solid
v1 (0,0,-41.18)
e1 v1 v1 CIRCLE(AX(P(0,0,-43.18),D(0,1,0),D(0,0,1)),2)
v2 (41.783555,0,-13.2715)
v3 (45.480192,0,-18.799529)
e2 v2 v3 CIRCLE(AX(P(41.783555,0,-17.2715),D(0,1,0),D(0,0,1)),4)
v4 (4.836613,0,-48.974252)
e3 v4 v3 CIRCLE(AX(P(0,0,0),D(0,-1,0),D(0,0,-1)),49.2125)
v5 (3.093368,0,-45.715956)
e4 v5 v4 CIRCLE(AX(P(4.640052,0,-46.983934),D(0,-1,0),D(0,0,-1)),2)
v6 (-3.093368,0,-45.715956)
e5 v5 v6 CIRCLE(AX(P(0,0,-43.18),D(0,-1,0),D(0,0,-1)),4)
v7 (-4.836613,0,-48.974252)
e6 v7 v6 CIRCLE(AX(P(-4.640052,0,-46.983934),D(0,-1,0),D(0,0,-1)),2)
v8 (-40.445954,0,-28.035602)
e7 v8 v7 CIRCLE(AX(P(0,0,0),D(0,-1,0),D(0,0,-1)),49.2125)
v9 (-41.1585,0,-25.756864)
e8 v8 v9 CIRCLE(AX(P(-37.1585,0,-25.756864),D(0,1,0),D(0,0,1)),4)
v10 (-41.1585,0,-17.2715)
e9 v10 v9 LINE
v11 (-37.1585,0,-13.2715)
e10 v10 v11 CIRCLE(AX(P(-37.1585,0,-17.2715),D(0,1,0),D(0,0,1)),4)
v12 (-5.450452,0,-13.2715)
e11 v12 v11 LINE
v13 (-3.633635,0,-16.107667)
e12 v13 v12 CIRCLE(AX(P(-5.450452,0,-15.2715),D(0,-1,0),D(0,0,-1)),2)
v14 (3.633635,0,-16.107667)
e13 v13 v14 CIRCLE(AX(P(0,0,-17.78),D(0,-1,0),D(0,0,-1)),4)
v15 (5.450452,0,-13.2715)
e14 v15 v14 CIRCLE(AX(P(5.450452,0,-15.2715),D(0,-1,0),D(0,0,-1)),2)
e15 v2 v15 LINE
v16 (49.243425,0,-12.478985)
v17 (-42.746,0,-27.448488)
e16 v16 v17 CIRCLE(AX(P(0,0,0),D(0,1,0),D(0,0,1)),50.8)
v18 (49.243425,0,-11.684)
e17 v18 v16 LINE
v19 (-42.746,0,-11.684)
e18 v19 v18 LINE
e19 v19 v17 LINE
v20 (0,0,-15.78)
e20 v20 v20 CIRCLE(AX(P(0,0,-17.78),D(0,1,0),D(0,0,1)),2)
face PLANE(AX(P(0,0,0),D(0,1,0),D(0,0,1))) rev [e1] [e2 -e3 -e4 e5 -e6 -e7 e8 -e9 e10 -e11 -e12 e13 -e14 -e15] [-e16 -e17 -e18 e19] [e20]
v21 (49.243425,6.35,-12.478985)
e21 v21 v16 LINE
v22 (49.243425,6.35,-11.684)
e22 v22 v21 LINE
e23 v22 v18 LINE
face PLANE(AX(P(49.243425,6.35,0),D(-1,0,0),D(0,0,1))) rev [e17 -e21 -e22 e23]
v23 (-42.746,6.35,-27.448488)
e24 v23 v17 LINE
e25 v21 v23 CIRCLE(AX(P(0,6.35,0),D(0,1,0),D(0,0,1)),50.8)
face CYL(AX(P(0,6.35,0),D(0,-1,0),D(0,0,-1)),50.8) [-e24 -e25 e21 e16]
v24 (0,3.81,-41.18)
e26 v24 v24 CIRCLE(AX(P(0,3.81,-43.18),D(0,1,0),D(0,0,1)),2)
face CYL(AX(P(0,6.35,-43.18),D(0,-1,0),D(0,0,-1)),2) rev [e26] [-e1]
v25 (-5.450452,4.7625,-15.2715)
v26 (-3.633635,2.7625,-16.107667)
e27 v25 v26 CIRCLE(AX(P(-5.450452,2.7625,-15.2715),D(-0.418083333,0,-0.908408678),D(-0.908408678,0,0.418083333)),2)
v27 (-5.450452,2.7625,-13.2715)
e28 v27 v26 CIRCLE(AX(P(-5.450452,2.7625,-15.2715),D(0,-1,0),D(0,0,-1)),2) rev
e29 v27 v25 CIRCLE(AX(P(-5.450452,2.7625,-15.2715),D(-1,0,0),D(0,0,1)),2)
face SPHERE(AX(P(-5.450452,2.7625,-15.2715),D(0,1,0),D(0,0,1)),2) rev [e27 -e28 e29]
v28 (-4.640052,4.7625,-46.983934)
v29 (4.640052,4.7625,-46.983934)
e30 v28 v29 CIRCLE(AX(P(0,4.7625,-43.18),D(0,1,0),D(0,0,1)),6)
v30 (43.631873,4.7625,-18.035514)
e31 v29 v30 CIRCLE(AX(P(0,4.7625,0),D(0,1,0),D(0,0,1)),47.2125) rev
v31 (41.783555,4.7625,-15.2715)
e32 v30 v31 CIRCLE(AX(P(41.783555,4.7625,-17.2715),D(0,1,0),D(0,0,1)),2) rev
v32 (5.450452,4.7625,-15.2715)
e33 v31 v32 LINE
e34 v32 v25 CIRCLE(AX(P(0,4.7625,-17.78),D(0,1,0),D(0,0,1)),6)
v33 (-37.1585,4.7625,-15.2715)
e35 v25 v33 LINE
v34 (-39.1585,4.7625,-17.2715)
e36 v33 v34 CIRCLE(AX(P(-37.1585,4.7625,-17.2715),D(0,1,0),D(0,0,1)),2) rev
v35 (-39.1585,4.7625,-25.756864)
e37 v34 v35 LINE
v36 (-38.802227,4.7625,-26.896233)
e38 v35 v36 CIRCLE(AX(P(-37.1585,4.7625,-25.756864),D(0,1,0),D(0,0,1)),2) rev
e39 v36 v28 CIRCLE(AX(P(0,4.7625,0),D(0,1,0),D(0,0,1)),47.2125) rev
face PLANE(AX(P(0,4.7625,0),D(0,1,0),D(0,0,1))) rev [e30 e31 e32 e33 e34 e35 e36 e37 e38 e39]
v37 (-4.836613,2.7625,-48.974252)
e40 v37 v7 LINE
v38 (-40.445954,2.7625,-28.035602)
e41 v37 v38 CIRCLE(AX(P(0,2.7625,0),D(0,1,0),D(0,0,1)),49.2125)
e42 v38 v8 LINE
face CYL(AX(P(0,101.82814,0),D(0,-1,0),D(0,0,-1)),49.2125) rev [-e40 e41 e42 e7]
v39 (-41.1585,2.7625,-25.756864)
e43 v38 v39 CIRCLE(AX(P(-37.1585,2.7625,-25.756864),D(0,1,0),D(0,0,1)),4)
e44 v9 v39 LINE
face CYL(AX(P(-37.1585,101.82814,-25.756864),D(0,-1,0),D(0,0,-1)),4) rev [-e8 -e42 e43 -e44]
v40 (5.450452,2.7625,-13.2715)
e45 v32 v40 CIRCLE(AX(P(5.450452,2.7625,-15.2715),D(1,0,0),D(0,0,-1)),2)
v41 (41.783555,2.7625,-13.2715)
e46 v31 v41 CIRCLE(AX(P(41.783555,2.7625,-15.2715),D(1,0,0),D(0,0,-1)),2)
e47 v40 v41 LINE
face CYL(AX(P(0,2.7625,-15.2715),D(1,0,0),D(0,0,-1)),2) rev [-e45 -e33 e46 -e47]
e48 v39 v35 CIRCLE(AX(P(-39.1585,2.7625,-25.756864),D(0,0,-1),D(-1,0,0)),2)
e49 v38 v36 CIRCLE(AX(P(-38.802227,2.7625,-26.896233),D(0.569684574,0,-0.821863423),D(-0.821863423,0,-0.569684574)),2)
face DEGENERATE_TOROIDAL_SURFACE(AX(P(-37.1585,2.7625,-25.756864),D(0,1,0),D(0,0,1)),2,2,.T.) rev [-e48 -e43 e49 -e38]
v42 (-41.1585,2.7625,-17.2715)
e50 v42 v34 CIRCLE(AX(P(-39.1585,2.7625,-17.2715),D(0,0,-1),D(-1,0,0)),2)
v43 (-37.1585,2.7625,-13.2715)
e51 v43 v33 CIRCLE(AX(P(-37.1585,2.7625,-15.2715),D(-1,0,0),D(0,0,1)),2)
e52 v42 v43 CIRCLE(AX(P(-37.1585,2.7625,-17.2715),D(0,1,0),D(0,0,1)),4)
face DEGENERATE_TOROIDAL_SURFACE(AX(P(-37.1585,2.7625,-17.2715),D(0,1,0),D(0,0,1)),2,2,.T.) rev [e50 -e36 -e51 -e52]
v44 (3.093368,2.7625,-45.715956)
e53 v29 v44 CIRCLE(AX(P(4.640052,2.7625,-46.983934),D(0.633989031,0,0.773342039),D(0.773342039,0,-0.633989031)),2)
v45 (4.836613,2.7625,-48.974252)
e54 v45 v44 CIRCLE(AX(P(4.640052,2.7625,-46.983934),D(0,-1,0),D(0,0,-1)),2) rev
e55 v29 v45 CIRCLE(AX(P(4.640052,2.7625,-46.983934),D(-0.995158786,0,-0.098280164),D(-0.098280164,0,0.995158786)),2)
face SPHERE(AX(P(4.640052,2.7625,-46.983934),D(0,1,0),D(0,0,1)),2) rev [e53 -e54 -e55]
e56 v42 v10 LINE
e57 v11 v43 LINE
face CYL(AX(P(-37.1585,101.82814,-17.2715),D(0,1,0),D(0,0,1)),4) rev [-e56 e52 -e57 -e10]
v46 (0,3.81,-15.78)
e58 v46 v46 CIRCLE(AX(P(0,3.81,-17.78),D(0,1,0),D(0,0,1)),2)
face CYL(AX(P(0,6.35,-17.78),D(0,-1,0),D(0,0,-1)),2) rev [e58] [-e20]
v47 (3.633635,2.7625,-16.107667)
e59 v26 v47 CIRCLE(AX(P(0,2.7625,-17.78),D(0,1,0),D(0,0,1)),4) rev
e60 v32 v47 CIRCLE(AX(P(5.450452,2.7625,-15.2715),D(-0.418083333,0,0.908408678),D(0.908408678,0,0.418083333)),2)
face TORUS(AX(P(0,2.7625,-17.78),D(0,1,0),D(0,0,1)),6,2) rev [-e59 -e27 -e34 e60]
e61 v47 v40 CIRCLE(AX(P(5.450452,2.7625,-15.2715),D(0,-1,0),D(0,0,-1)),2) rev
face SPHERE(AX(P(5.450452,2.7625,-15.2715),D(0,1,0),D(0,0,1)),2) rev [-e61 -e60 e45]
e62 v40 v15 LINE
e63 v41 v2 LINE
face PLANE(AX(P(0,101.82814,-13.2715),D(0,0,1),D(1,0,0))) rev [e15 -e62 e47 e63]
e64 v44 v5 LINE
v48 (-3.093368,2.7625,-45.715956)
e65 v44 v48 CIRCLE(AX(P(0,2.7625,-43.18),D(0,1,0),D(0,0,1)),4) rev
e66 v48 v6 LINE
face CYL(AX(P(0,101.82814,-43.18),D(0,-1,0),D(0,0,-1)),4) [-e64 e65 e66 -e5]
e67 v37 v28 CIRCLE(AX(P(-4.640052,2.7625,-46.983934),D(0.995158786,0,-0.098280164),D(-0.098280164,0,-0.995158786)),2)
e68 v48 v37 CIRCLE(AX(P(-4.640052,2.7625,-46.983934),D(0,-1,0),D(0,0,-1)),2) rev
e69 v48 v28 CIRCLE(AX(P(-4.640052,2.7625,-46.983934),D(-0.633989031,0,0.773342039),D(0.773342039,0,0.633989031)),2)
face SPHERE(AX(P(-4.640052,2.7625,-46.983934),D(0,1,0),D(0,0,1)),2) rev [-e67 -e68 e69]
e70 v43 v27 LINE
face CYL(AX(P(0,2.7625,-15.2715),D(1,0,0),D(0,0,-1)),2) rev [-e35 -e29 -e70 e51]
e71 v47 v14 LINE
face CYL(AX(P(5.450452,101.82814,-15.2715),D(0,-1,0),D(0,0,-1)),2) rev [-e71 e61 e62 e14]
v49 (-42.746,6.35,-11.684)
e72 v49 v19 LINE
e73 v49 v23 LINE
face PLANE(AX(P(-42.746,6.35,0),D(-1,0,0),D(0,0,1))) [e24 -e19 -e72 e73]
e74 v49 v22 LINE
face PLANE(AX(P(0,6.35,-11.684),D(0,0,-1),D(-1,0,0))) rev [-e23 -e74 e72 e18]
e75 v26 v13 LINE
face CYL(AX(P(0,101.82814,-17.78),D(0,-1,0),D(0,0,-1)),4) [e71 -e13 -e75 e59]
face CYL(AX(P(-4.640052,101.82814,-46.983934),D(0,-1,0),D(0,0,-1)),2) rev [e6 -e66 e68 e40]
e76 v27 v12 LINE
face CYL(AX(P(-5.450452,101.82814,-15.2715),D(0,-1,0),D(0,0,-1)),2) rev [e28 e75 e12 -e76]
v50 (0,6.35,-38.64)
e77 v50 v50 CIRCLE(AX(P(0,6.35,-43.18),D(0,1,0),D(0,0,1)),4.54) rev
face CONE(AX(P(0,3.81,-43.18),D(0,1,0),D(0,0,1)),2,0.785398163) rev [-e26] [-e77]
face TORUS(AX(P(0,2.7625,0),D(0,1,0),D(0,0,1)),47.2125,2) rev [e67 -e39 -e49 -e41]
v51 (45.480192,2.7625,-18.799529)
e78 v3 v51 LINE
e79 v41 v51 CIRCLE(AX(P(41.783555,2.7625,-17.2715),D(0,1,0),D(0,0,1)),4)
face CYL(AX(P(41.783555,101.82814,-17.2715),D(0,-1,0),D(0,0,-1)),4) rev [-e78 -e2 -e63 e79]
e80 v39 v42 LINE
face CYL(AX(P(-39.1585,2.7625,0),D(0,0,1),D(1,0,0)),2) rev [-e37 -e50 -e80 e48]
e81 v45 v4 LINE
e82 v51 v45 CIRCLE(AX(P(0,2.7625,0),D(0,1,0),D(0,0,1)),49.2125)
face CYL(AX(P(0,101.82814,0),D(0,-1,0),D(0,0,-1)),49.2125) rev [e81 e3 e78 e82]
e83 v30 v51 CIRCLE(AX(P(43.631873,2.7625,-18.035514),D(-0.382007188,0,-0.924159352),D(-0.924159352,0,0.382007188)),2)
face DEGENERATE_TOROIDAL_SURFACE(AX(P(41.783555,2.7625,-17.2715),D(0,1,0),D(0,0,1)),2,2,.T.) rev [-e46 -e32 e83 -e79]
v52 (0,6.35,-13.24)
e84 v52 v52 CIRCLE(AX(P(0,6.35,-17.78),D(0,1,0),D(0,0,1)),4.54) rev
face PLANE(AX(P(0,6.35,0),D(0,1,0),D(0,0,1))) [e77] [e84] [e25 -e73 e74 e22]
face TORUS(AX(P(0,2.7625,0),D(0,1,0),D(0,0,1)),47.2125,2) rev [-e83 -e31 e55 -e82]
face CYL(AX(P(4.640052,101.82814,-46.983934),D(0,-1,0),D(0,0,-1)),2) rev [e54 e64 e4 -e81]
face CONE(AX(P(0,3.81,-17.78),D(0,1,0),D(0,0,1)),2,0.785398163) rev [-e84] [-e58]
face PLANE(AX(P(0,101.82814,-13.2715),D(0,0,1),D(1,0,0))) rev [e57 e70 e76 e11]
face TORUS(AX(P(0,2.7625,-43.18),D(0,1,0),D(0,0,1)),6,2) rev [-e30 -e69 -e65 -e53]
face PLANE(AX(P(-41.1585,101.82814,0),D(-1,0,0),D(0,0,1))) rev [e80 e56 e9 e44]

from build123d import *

# Parameters (mm, degrees)
SKETCH1_R           = 2
BOSS_EXTRUDE1_DEPTH = 6.35
CHAMFER1_SIZE       = 2.54
CUT_EXTRUDE1_DEPTH  = 4.7625
FILLET1_R           = 4
FILLET2_R           = 2


with BuildPart() as part:
    # Sketch1 → Boss-Extrude1 (new body)
    with BuildSketch(Plane(origin=(0, 0, 0), x_dir=(1, 0, 0), z_dir=(0, 1, 0))):
        with BuildLine():
            Line((-42.746, 11.684), (47.586884748, 11.684))
            Line((47.586884748, 11.684), (47.586884748, 17.78))
            ThreePointArc((47.586884748, 17.78), (31.011055518, 40.236232871), (5.073646026, 50.546))
            Line((5.073646026, 50.546), (-5.073646026, 50.546))
            ThreePointArc((-5.073646026, 50.546), (-26.552841725, 43.308043091), (-42.746, 27.448487827))
            Line((-42.746, 27.448487827), (-42.746, 11.684))
        make_face()
        with Locations((0, 17.78)):
            Circle(SKETCH1_R, mode=Mode.SUBTRACT)
        with Locations((0, 43.18)):
            Circle(SKETCH1_R, mode=Mode.SUBTRACT)
        with BuildLine():
            Line((47.586884748, 17.78), (47.586884748, 11.684))
            Line((47.586884748, 11.684), (49.243425186, 11.684))
            Line((49.243425186, 11.684), (49.243425186, 12.478985375))
            ThreePointArc((49.243425186, 12.478985375), (48.487652237, 15.15214772), (47.586884748, 17.78))
        make_face()
        with BuildLine():
            Line((-5.073646026, 50.546), (5.073646026, 50.546))
            ThreePointArc((5.073646026, 50.546), (2.539999948, 50.736460265), (-1.05e-07, 50.8))
            ThreePointArc((-1.05e-07, 50.8), (-2.540000052, 50.73646026), (-5.073646026, 50.546))
        make_face()
    extrude(amount=BOSS_EXTRUDE1_DEPTH)

    # Chamfer1
    chamfer1_edges = [part.edges().sort_by_distance(p)[0] for p in [
        (-2, 6.35, -17.78),
        (-2, 6.35, -43.18),
    ]]
    chamfer(chamfer1_edges, length=CHAMFER1_SIZE)

    # Sketch2 → Cut-Extrude1 (cut)
    with BuildSketch(Plane.XZ):
        with BuildLine():
            ThreePointArc((4.836612521, -48.974251761), (31.631563601, -37.700322816), (47.389212317, -13.2715))
            Line((47.389212317, -13.2715), (5.450452083, -13.2715))
            ThreePointArc((5.450452083, -13.2715), (3.766359845, -14.192688904), (3.633634696, -16.107666631))
            ThreePointArc((3.633634696, -16.107666631), (1e-09, -21.78), (-3.633634697, -16.107666633))
            ThreePointArc((-3.633634697, -16.107666633), (-3.766359842, -14.192688907), (-5.450452076, -13.2715))
            Line((-5.450452076, -13.2715), (-41.1585, -13.2715))
            Line((-41.1585, -13.2715), (-41.1585, -26.978658862))
            ThreePointArc((-41.1585, -26.978658862), (-25.491942293, -42.09549898), (-4.836612574, -48.974251756))
            ThreePointArc((-4.836612574, -48.974251756), (-2.876580864, -47.927421723), (-3.093368257, -45.715955999))
            ThreePointArc((-3.093368257, -45.715955999), (1e-09, -39.18), (3.093368255, -45.715956001))
            ThreePointArc((3.093368255, -45.715956001), (2.876580852, -47.927421701), (4.836612521, -48.974251761))
        make_face()
    extrude(amount=-CUT_EXTRUDE1_DEPTH, mode=Mode.SUBTRACT)

    # Fillet1
    fillet1_edges = [part.edges().sort_by_distance(p)[0] for p in [
        (47.389212317, 2.38125, -13.2715),
        (-41.1585, 2.38125, -13.2715),
        (-41.1585, 2.38125, -26.978658862),
    ]]
    fillet(fillet1_edges, radius=FILLET1_R)

    # Fillet2
    fillet2_edges = [part.edges().sort_by_distance(p)[0] for p in [
        (1e-09, 4.7625, -21.78),
        (1e-09, 4.7625, -39.18),
        (-2.876580864, 4.7625, -47.927421723),
        (2.876580852, 4.7625, -47.927421701),
        (29.335536204, 4.7625, -39.513244259),
        (3.766359845, 4.7625, -14.192688904),
        (-3.766359842, 4.7625, -14.192688907),
        (-21.304476038, 4.7625, -13.2715),
        (23.617003395, 4.7625, -13.2715),
        (-24.944627959, 4.7625, -42.422113246),
        (-41.1585, 4.7625, -21.514181912),
        (-39.986927125, 4.7625, -14.443072875),
        (-40.976209704, 4.7625, -26.950636255),
        (45.108619745, 4.7625, -15.048002194),
    ]]
    fillet(fillet2_edges, radius=FILLET2_R)


solid = part.part
